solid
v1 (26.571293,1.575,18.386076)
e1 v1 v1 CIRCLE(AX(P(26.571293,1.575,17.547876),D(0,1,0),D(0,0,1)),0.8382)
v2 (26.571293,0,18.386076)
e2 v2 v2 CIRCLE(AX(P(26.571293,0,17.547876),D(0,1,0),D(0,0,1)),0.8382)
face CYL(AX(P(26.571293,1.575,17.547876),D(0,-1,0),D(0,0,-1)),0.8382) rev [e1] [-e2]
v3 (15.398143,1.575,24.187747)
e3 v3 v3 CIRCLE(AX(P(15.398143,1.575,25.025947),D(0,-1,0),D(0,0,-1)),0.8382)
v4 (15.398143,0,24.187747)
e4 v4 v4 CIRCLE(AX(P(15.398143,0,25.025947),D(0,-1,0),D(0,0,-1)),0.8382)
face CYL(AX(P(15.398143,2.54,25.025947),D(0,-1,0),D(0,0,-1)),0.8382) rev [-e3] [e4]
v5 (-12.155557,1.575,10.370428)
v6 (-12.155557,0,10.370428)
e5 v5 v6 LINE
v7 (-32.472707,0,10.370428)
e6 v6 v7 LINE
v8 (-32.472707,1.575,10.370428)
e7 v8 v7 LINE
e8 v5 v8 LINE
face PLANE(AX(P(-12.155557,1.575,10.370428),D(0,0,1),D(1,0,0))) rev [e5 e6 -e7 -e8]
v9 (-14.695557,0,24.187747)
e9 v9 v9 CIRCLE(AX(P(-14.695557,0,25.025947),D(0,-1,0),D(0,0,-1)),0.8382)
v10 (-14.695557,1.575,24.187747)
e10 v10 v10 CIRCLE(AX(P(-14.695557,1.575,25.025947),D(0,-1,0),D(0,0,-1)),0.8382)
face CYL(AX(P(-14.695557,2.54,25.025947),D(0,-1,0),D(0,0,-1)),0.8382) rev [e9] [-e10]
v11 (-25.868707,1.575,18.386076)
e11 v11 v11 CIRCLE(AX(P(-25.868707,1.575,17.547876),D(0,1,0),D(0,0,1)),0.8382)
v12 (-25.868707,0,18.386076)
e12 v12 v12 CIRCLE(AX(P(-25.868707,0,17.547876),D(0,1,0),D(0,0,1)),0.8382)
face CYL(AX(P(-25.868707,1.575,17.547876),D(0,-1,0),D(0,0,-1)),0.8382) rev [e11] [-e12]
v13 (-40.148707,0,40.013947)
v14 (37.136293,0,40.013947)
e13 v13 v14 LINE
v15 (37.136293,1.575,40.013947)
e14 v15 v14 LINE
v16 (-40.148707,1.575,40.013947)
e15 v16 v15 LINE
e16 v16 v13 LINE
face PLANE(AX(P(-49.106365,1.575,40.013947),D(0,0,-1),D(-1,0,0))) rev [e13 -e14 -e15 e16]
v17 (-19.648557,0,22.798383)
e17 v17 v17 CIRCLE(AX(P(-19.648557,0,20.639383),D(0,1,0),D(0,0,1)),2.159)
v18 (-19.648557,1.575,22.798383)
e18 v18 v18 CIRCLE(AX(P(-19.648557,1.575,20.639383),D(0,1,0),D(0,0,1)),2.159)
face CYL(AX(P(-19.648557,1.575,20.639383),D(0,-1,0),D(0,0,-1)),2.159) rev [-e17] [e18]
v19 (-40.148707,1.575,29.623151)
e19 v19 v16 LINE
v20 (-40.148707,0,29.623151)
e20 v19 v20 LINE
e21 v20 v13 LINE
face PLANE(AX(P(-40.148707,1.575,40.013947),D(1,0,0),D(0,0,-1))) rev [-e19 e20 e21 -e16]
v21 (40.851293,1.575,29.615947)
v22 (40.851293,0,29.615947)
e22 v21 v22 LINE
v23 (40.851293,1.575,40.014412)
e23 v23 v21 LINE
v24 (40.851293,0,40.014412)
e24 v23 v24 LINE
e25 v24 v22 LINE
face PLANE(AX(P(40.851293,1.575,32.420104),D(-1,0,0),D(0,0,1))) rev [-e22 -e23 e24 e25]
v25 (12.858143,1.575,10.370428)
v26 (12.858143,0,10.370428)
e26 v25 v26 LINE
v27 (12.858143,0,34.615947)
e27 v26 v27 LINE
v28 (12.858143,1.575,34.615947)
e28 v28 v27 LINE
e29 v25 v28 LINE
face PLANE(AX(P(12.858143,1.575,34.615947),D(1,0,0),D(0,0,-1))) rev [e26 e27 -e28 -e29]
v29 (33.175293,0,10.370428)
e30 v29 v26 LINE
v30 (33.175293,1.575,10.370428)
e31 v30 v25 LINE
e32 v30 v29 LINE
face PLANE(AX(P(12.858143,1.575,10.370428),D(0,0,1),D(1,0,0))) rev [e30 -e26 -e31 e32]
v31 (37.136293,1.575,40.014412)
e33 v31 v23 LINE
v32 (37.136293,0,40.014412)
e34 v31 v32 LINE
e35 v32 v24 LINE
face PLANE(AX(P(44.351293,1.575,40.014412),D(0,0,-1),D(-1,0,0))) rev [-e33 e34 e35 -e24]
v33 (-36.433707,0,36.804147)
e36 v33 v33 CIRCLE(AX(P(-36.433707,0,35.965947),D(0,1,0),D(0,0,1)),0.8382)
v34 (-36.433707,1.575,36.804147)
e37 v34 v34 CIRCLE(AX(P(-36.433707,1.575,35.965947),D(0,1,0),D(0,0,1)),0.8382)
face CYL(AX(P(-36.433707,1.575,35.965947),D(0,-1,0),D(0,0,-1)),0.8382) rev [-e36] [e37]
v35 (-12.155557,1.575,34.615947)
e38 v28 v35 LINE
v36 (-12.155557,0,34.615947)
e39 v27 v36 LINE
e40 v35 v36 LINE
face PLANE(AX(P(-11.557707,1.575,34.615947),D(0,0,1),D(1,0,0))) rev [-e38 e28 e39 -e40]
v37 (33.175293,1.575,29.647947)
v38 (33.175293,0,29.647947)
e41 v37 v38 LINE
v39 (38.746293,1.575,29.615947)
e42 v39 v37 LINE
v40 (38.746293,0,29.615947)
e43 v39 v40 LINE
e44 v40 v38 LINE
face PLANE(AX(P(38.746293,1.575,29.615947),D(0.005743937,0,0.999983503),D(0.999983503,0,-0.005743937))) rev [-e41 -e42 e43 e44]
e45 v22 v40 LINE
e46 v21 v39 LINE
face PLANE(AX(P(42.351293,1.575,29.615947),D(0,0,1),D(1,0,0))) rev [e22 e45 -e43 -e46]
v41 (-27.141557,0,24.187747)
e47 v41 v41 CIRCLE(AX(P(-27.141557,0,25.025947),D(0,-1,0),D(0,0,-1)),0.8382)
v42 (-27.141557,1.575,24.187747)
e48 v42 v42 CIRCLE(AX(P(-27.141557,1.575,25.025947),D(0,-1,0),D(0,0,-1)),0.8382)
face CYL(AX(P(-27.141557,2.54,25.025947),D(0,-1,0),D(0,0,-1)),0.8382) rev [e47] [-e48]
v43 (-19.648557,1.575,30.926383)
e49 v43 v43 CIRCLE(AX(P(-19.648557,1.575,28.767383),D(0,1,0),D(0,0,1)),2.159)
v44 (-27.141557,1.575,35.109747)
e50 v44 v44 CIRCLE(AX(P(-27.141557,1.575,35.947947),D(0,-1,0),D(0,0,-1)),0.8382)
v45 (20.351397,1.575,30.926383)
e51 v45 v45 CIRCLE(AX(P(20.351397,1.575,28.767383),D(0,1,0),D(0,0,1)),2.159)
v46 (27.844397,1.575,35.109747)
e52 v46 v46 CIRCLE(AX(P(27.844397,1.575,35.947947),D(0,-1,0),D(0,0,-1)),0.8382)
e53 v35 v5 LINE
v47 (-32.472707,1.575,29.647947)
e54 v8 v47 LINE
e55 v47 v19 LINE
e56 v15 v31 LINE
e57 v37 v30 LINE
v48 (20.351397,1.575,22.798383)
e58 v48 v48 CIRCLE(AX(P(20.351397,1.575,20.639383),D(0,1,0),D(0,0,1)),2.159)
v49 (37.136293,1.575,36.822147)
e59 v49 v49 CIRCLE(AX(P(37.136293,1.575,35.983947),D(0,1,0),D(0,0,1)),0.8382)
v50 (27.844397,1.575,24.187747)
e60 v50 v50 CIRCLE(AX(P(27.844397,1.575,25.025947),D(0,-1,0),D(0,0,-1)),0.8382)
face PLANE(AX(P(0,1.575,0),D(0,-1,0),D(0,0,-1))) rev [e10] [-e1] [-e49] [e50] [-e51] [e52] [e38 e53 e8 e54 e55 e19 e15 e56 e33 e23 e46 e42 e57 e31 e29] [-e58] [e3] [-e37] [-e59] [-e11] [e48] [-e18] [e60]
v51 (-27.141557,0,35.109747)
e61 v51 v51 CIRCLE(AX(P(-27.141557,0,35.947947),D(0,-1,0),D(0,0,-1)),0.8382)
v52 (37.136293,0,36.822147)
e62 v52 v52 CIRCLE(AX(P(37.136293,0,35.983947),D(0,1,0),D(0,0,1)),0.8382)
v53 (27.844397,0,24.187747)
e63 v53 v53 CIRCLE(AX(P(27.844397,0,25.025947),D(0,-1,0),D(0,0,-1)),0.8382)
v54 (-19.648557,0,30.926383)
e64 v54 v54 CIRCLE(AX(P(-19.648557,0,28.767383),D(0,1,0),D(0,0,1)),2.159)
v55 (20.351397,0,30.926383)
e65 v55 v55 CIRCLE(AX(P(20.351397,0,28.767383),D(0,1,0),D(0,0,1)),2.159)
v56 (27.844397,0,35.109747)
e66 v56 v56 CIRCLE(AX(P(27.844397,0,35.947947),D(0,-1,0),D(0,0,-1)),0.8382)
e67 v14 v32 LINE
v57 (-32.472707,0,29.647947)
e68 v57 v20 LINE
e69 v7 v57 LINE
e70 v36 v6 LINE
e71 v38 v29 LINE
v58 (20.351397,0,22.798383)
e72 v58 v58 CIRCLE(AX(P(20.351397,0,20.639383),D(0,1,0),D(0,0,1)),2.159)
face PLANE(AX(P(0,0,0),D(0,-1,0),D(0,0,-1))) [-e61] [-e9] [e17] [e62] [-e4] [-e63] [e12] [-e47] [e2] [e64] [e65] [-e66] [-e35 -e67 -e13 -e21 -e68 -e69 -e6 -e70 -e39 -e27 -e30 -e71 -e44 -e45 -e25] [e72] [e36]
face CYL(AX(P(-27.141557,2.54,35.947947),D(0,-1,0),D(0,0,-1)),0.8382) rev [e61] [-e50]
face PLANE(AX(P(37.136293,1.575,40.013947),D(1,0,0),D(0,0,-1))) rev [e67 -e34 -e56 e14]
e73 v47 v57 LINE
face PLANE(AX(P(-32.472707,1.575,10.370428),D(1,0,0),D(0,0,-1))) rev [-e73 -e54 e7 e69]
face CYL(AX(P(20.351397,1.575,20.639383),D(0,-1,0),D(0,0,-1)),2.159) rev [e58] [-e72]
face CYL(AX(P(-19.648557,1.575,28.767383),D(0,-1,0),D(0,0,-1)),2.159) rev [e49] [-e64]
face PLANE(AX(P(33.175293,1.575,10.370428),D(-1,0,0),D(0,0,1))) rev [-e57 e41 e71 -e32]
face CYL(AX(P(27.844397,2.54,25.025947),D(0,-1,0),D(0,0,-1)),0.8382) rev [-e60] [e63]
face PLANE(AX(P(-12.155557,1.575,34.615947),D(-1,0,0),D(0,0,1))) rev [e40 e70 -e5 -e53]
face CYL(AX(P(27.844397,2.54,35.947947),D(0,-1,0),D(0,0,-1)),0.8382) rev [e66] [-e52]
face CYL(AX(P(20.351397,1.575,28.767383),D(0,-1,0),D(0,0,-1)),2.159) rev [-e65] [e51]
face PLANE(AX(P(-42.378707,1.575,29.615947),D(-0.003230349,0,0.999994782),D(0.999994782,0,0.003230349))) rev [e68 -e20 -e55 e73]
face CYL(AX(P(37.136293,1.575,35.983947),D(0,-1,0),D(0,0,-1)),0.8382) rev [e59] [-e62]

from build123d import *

# Parameters (mm, degrees)
SKETCH1_R           = 0.8382
SKETCH1_R_2         = 2.159
BOSS_EXTRUDE1_DEPTH = 1.575
SKETCH2_W           = 86.242658642
SKETCH2_H           = 6.602
CUT_EXTRUDE1_DEPTH  = 65.362755899
CUT_EXTRUDE2_DEPTH  = 60.755092082
CUT_EXTRUDE3_DEPTH  = 60.755092082
SKETCH6_R           = 0.8382
CUT_EXTRUDE4_DEPTH  = 2.54


with BuildPart() as part:
    # Sketch1 → Boss-Extrude1 (new body)
    with BuildSketch(Plane(origin=(0, 0, 0), x_dir=(1, 0, 0), z_dir=(0, 1, 0))):
        Polygon((44.351293299, -40.014412246), (37.136293299, -40.014412246), (37.136293299, -46.615946892), (29.968293307, -46.615946892), (-30.083706693, -46.615946892), (-36.433706701, -46.615946892), (-36.433706701, -40.014412246), (-43.648706701, -40.014412246), (-43.648706701, -30.885946892), (-43.648706701, -29.647946892), (-42.378706693, -29.615946892), (-32.472706701, -29.647946892), (-32.472706701, -10.370428445), (-12.155556701, -10.370428445), (-12.155556701, -34.615947016), (-11.557706701, -34.615947016), (12.260293299, -34.615947016), (12.858143299, -34.615947016), (12.858143299, -10.370428445), (33.175293299, -10.370428445), (33.175293299, -12.929386892), (33.175293299, -29.647946892), (38.746293307, -29.615946892), (42.351293307, -29.615946892), (44.351293299, -29.647946892), (44.351293299, -31.651946892), align=None)
        with Locations(Location((-36.433706701, -35.965946892, 0), (0, 0, 270))):
            Circle(SKETCH1_R, mode=Mode.SUBTRACT)
        with Locations(Location((37.136293299, -35.983946892, 0), (0, 0, 270))):
            Circle(SKETCH1_R, mode=Mode.SUBTRACT)
        with Locations(Location((-19.648556701, -28.76738335, 0), (0, 0, 270))):
            Circle(SKETCH1_R_2, mode=Mode.SUBTRACT)
        with Locations(Location((-19.648556701, -20.63938335, 0), (0, 0, 270))):
            Circle(SKETCH1_R_2, mode=Mode.SUBTRACT)
        with Locations(Location((20.351397299, -20.63938335, 0), (0, 0, 270))):
            Circle(SKETCH1_R_2, mode=Mode.SUBTRACT)
        with Locations(Location((20.351397299, -28.76738335, 0), (0, 0, 270))):
            Circle(SKETCH1_R_2, mode=Mode.SUBTRACT)
        with Locations(Location((-25.868706701, -17.547875601, 0), (0, 0, 270))):
            Circle(SKETCH1_R, mode=Mode.SUBTRACT)
        with Locations(Location((26.571293299, -17.547875601, 0), (0, 0, 270))):
            Circle(SKETCH1_R, mode=Mode.SUBTRACT)
    extrude(amount=BOSS_EXTRUDE1_DEPTH)

    # Sketch2 → Cut-Extrude1 (cut, through all)
    with BuildSketch(Plane.XZ):
        with Locations((-5.985036022, 43.314946892)):
            Rectangle(SKETCH2_W, SKETCH2_H)
    extrude(amount=-CUT_EXTRUDE1_DEPTH, mode=Mode.SUBTRACT)

    # Sketch3 → Cut-Extrude2 (cut, through all)
    with BuildSketch(Plane.XZ):
        Polygon((-40.148706701, 40.013946892), (-40.148706701, 29.623150607), (-34.773706693, 29.640513821), (-34.773706693, 8.975624969), (-46.772834391, 8.975624969), (-46.772834391, 40.013946892), align=None)
    extrude(amount=-CUT_EXTRUDE2_DEPTH, mode=Mode.SUBTRACT)

    # Sketch4 → Cut-Extrude3 (cut, through all)
    with BuildSketch(Plane.XZ):
        Polygon((40.851293299, 40.014412246), (40.851293299, 32.420104455), (40.851293299, 29.615946892), (35.476293307, 29.615946892), (35.476293307, 10.370428445), (54.710892309, 10.370428445), (54.710892309, 40.014412246), align=None)
    extrude(amount=-CUT_EXTRUDE3_DEPTH, mode=Mode.SUBTRACT)

    # Sketch6 → Cut-Extrude4 (cut)
    with BuildSketch(Plane(origin=(0, 0, 0), x_dir=(-1, 0, 0), z_dir=(0, -1, 0))):
        with Locations(Location((27.141556701, -35.947946892, 0), (0, 0, 90))):
            Circle(SKETCH6_R)
        with Locations(Location((27.141556701, -25.025946892, 0), (0, 0, 90))):
            Circle(SKETCH6_R)
        with Locations(Location((14.695556701, -25.025946892, 0), (0, 0, 90))):
            Circle(SKETCH6_R)
        with Locations(Location((-15.398143299, -25.025946892, 0), (0, 0, 90))):
            Circle(SKETCH6_R)
        with Locations(Location((-27.844397299, -25.025946892, 0), (0, 0, 90))):
            Circle(SKETCH6_R)
        with Locations(Location((-27.844397299, -35.947946892, 0), (0, 0, 90))):
            Circle(SKETCH6_R)
    extrude(amount=-CUT_EXTRUDE4_DEPTH, mode=Mode.SUBTRACT)


solid = part.part
